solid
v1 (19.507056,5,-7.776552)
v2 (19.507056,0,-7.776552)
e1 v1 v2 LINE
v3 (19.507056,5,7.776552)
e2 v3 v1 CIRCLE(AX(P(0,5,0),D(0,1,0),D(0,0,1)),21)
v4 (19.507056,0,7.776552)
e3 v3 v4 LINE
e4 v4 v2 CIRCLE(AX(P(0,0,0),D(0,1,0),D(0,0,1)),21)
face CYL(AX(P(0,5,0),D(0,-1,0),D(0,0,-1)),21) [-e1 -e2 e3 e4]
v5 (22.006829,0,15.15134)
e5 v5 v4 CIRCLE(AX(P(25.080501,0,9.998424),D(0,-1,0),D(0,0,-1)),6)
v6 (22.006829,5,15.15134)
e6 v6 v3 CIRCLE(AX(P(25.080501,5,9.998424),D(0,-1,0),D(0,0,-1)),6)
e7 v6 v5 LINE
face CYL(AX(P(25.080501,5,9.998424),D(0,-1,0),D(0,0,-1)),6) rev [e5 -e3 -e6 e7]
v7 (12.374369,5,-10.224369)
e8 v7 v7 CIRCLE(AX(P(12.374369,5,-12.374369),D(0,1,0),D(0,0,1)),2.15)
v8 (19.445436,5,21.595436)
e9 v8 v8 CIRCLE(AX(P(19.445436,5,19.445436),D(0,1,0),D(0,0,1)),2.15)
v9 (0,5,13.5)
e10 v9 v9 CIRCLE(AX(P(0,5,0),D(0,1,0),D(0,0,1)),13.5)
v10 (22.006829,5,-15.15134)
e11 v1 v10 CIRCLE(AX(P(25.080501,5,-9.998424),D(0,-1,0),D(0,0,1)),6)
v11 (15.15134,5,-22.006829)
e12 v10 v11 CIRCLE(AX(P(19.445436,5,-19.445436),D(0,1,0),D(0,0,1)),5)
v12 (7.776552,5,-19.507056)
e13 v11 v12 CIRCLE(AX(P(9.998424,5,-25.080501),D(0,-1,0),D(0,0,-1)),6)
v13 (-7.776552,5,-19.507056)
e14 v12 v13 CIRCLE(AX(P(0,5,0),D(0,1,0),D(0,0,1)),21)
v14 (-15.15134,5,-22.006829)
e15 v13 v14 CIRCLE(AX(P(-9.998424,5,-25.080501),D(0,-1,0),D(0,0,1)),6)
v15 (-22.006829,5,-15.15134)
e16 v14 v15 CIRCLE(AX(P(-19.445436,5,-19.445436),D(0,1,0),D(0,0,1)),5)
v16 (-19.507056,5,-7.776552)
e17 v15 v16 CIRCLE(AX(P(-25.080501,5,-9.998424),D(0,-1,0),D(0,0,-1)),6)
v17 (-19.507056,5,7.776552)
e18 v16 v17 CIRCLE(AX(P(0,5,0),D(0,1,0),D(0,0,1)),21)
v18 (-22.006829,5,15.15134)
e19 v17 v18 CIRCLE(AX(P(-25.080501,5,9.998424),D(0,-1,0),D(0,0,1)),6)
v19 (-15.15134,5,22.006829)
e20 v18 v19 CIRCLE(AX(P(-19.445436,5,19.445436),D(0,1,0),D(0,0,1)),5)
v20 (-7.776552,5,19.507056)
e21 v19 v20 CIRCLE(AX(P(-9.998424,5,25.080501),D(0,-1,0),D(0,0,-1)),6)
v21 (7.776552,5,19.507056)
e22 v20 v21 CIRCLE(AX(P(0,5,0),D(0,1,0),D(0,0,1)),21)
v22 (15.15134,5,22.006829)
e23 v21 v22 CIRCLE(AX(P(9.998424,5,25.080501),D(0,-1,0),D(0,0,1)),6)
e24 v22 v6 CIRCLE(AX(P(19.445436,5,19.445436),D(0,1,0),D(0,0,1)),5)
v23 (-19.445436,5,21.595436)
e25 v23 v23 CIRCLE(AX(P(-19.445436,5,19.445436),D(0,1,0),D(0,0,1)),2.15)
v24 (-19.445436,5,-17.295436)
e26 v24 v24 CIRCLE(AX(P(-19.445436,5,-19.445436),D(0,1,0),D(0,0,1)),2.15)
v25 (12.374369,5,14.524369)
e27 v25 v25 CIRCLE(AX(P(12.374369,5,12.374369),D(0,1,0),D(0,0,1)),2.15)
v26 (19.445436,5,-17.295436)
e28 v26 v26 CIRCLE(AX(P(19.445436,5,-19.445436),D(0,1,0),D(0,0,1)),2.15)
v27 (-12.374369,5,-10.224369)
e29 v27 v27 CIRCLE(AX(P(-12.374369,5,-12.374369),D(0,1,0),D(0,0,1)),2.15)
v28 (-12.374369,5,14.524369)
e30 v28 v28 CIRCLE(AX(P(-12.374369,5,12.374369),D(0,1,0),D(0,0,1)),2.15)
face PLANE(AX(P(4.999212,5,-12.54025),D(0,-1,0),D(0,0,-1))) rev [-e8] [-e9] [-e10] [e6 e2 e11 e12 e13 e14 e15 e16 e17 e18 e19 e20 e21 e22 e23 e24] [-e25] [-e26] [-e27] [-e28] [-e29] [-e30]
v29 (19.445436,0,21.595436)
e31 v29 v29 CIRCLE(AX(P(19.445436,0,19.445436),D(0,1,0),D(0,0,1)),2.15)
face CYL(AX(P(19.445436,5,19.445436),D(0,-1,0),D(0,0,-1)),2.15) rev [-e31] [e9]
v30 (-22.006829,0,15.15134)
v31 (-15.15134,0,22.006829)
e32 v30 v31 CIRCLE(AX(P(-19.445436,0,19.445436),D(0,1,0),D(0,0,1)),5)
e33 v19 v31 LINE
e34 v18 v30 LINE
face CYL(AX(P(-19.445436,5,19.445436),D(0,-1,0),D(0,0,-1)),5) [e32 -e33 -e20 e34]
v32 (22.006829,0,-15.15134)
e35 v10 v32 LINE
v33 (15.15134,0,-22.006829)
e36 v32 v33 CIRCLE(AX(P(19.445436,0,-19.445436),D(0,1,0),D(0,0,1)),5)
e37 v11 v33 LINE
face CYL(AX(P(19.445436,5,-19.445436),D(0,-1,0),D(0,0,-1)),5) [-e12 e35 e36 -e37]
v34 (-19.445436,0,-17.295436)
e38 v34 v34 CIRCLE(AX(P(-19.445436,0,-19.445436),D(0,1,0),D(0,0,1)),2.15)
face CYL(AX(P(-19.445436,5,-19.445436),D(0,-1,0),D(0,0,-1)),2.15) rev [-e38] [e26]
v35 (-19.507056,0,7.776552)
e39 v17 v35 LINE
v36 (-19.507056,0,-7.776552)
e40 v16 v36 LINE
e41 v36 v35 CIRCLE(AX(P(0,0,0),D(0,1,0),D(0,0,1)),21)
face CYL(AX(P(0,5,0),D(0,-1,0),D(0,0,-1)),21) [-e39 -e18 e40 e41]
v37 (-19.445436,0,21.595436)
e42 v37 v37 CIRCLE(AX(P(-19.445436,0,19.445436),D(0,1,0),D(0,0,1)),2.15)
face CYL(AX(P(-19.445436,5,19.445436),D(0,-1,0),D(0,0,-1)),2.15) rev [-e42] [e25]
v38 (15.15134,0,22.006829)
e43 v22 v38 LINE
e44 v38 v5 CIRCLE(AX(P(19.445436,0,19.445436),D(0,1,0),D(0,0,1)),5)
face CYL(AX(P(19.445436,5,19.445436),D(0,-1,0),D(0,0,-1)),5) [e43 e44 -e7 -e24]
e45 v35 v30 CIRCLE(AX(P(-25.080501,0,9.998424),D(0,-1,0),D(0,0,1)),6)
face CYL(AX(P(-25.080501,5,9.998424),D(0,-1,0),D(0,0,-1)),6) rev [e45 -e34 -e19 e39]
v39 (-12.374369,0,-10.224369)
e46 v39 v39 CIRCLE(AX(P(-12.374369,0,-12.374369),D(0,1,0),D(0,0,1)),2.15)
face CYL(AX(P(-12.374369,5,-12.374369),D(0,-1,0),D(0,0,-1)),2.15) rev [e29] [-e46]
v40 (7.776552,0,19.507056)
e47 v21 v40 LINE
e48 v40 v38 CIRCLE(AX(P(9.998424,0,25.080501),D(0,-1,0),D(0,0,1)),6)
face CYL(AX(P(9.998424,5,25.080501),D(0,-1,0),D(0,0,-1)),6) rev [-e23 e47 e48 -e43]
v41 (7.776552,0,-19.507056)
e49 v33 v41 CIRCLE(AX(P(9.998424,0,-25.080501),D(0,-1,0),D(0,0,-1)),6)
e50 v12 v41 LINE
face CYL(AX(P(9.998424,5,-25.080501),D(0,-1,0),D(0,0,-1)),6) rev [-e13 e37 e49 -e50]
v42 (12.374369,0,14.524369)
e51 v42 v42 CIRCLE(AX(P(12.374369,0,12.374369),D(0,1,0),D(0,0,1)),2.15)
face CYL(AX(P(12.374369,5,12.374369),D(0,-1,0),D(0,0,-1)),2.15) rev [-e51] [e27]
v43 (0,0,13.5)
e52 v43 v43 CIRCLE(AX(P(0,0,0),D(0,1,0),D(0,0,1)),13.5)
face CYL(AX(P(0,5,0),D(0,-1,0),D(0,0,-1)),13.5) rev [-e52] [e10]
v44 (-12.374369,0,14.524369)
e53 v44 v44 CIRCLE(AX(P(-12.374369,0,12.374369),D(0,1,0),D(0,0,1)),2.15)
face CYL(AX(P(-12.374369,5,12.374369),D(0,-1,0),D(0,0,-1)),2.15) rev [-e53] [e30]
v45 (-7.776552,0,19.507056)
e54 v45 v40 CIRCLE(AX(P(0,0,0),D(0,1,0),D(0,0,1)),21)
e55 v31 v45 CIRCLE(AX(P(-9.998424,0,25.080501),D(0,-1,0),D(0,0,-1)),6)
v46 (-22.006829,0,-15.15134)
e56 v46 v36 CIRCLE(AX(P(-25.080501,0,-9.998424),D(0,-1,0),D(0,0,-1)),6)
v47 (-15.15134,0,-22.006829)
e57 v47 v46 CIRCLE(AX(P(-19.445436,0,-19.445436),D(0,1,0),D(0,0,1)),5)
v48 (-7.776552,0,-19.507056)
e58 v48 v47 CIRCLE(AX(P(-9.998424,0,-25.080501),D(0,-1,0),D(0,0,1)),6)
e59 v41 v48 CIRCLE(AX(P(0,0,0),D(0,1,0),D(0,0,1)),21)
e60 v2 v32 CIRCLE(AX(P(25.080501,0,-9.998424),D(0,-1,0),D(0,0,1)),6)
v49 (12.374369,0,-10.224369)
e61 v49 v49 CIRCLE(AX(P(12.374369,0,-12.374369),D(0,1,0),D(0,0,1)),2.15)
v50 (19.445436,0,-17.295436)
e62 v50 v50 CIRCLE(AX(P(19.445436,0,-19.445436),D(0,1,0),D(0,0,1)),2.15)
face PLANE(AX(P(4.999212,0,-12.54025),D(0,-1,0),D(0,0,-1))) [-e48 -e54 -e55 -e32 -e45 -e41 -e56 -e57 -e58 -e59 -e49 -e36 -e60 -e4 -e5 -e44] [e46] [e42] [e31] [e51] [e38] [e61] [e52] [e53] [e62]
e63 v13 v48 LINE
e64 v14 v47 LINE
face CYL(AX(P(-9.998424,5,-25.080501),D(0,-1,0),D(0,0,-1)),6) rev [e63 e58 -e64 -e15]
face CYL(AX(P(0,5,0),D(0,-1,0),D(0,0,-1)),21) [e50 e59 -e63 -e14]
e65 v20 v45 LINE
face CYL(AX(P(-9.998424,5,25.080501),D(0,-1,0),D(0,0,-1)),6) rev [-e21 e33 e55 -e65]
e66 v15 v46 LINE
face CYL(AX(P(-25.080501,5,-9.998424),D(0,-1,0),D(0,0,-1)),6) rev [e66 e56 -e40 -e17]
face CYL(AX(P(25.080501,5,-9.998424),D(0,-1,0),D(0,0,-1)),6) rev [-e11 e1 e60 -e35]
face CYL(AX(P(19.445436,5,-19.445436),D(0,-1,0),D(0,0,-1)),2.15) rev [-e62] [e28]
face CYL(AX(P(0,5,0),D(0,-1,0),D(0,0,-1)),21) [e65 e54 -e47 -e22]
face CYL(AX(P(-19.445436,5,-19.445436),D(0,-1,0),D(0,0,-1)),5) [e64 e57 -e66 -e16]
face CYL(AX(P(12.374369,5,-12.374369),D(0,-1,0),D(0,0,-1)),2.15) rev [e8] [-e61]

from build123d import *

# Parameters (mm, degrees)
SKETCH_1_R      = 13.5
SKETCH_1_R_2    = 2.15
EXTRUDE_1_DEPTH = 5


with BuildPart() as part:
    # ｽｹｯﾁ1 → ﾎﾞｽ - 押し出し1 (new body)
    with BuildSketch(Plane(origin=(0, 0, 0), x_dir=(1, 0, 0), z_dir=(0, 1, 0))):
        with BuildLine():
            ThreePointArc((19.507056212, -7.776551803), (21, 0), (19.507056212, 7.776551803))
            ThreePointArc((19.507056212, 7.776551803), (19.398069264, 11.924552334), (22.006829374, 15.151339784))
            ThreePointArc((22.006829374, 15.151339784), (22.980970389, 22.980970389), (15.151339784, 22.006829374))
            ThreePointArc((15.151339784, 22.006829374), (11.924552334, 19.398069264), (7.776551803, 19.507056212))
            ThreePointArc((7.776551803, 19.507056212), (0, 21), (-7.776551803, 19.507056212))
            ThreePointArc((-7.776551803, 19.507056212), (-11.924552334, 19.398069264), (-15.151339784, 22.006829374))
            ThreePointArc((-15.151339784, 22.006829374), (-22.980970389, 22.980970389), (-22.006829374, 15.151339784))
            ThreePointArc((-22.006829374, 15.151339784), (-19.398069264, 11.924552334), (-19.507056212, 7.776551803))
            ThreePointArc((-19.507056212, 7.776551803), (-21, 0), (-19.507056212, -7.776551803))
            ThreePointArc((-19.507056212, -7.776551803), (-19.398069264, -11.924552334), (-22.006829374, -15.151339784))
            ThreePointArc((-22.006829374, -15.151339784), (-22.980970389, -22.980970389), (-15.151339784, -22.006829374))
            ThreePointArc((-15.151339784, -22.006829374), (-11.924552334, -19.398069264), (-7.776551803, -19.507056212))
            ThreePointArc((-7.776551803, -19.507056212), (0, -21), (7.776551803, -19.507056212))
            ThreePointArc((7.776551803, -19.507056212), (11.924552334, -19.398069264), (15.151339784, -22.006829374))
            ThreePointArc((15.151339784, -22.006829374), (22.980970389, -22.980970389), (22.006829374, -15.151339784))
            ThreePointArc((22.006829374, -15.151339784), (19.398069264, -11.924552334), (19.507056212, -7.776551803))
        make_face()
        with Locations(Location((0, 0, 0), (0, 0, 270))):
            Circle(SKETCH_1_R, mode=Mode.SUBTRACT)
        with Locations(Location((12.374368671, 12.374368671, 0), (0, 0, 270))):
            Circle(SKETCH_1_R_2, mode=Mode.SUBTRACT)
        with Locations(Location((12.374368671, -12.374368671, 0), (0, 0, 270))):
            Circle(SKETCH_1_R_2, mode=Mode.SUBTRACT)
        with Locations(Location((-12.374368671, -12.374368671, 0), (0, 0, 270))):
            Circle(SKETCH_1_R_2, mode=Mode.SUBTRACT)
        with Locations(Location((-12.374368671, 12.374368671, 0), (0, 0, 270))):
            Circle(SKETCH_1_R_2, mode=Mode.SUBTRACT)
        with Locations(Location((19.445436483, 19.445436483, 0), (0, 0, 270))):
            Circle(SKETCH_1_R_2, mode=Mode.SUBTRACT)
        with Locations(Location((19.445436483, -19.445436483, 0), (0, 0, 270))):
            Circle(SKETCH_1_R_2, mode=Mode.SUBTRACT)
        with Locations(Location((-19.445436483, -19.445436483, 0), (0, 0, 270))):
            Circle(SKETCH_1_R_2, mode=Mode.SUBTRACT)
        with Locations(Location((-19.445436483, 19.445436483, 0), (0, 0, 270))):
            Circle(SKETCH_1_R_2, mode=Mode.SUBTRACT)
    extrude(amount=EXTRUDE_1_DEPTH)


solid = part.part
